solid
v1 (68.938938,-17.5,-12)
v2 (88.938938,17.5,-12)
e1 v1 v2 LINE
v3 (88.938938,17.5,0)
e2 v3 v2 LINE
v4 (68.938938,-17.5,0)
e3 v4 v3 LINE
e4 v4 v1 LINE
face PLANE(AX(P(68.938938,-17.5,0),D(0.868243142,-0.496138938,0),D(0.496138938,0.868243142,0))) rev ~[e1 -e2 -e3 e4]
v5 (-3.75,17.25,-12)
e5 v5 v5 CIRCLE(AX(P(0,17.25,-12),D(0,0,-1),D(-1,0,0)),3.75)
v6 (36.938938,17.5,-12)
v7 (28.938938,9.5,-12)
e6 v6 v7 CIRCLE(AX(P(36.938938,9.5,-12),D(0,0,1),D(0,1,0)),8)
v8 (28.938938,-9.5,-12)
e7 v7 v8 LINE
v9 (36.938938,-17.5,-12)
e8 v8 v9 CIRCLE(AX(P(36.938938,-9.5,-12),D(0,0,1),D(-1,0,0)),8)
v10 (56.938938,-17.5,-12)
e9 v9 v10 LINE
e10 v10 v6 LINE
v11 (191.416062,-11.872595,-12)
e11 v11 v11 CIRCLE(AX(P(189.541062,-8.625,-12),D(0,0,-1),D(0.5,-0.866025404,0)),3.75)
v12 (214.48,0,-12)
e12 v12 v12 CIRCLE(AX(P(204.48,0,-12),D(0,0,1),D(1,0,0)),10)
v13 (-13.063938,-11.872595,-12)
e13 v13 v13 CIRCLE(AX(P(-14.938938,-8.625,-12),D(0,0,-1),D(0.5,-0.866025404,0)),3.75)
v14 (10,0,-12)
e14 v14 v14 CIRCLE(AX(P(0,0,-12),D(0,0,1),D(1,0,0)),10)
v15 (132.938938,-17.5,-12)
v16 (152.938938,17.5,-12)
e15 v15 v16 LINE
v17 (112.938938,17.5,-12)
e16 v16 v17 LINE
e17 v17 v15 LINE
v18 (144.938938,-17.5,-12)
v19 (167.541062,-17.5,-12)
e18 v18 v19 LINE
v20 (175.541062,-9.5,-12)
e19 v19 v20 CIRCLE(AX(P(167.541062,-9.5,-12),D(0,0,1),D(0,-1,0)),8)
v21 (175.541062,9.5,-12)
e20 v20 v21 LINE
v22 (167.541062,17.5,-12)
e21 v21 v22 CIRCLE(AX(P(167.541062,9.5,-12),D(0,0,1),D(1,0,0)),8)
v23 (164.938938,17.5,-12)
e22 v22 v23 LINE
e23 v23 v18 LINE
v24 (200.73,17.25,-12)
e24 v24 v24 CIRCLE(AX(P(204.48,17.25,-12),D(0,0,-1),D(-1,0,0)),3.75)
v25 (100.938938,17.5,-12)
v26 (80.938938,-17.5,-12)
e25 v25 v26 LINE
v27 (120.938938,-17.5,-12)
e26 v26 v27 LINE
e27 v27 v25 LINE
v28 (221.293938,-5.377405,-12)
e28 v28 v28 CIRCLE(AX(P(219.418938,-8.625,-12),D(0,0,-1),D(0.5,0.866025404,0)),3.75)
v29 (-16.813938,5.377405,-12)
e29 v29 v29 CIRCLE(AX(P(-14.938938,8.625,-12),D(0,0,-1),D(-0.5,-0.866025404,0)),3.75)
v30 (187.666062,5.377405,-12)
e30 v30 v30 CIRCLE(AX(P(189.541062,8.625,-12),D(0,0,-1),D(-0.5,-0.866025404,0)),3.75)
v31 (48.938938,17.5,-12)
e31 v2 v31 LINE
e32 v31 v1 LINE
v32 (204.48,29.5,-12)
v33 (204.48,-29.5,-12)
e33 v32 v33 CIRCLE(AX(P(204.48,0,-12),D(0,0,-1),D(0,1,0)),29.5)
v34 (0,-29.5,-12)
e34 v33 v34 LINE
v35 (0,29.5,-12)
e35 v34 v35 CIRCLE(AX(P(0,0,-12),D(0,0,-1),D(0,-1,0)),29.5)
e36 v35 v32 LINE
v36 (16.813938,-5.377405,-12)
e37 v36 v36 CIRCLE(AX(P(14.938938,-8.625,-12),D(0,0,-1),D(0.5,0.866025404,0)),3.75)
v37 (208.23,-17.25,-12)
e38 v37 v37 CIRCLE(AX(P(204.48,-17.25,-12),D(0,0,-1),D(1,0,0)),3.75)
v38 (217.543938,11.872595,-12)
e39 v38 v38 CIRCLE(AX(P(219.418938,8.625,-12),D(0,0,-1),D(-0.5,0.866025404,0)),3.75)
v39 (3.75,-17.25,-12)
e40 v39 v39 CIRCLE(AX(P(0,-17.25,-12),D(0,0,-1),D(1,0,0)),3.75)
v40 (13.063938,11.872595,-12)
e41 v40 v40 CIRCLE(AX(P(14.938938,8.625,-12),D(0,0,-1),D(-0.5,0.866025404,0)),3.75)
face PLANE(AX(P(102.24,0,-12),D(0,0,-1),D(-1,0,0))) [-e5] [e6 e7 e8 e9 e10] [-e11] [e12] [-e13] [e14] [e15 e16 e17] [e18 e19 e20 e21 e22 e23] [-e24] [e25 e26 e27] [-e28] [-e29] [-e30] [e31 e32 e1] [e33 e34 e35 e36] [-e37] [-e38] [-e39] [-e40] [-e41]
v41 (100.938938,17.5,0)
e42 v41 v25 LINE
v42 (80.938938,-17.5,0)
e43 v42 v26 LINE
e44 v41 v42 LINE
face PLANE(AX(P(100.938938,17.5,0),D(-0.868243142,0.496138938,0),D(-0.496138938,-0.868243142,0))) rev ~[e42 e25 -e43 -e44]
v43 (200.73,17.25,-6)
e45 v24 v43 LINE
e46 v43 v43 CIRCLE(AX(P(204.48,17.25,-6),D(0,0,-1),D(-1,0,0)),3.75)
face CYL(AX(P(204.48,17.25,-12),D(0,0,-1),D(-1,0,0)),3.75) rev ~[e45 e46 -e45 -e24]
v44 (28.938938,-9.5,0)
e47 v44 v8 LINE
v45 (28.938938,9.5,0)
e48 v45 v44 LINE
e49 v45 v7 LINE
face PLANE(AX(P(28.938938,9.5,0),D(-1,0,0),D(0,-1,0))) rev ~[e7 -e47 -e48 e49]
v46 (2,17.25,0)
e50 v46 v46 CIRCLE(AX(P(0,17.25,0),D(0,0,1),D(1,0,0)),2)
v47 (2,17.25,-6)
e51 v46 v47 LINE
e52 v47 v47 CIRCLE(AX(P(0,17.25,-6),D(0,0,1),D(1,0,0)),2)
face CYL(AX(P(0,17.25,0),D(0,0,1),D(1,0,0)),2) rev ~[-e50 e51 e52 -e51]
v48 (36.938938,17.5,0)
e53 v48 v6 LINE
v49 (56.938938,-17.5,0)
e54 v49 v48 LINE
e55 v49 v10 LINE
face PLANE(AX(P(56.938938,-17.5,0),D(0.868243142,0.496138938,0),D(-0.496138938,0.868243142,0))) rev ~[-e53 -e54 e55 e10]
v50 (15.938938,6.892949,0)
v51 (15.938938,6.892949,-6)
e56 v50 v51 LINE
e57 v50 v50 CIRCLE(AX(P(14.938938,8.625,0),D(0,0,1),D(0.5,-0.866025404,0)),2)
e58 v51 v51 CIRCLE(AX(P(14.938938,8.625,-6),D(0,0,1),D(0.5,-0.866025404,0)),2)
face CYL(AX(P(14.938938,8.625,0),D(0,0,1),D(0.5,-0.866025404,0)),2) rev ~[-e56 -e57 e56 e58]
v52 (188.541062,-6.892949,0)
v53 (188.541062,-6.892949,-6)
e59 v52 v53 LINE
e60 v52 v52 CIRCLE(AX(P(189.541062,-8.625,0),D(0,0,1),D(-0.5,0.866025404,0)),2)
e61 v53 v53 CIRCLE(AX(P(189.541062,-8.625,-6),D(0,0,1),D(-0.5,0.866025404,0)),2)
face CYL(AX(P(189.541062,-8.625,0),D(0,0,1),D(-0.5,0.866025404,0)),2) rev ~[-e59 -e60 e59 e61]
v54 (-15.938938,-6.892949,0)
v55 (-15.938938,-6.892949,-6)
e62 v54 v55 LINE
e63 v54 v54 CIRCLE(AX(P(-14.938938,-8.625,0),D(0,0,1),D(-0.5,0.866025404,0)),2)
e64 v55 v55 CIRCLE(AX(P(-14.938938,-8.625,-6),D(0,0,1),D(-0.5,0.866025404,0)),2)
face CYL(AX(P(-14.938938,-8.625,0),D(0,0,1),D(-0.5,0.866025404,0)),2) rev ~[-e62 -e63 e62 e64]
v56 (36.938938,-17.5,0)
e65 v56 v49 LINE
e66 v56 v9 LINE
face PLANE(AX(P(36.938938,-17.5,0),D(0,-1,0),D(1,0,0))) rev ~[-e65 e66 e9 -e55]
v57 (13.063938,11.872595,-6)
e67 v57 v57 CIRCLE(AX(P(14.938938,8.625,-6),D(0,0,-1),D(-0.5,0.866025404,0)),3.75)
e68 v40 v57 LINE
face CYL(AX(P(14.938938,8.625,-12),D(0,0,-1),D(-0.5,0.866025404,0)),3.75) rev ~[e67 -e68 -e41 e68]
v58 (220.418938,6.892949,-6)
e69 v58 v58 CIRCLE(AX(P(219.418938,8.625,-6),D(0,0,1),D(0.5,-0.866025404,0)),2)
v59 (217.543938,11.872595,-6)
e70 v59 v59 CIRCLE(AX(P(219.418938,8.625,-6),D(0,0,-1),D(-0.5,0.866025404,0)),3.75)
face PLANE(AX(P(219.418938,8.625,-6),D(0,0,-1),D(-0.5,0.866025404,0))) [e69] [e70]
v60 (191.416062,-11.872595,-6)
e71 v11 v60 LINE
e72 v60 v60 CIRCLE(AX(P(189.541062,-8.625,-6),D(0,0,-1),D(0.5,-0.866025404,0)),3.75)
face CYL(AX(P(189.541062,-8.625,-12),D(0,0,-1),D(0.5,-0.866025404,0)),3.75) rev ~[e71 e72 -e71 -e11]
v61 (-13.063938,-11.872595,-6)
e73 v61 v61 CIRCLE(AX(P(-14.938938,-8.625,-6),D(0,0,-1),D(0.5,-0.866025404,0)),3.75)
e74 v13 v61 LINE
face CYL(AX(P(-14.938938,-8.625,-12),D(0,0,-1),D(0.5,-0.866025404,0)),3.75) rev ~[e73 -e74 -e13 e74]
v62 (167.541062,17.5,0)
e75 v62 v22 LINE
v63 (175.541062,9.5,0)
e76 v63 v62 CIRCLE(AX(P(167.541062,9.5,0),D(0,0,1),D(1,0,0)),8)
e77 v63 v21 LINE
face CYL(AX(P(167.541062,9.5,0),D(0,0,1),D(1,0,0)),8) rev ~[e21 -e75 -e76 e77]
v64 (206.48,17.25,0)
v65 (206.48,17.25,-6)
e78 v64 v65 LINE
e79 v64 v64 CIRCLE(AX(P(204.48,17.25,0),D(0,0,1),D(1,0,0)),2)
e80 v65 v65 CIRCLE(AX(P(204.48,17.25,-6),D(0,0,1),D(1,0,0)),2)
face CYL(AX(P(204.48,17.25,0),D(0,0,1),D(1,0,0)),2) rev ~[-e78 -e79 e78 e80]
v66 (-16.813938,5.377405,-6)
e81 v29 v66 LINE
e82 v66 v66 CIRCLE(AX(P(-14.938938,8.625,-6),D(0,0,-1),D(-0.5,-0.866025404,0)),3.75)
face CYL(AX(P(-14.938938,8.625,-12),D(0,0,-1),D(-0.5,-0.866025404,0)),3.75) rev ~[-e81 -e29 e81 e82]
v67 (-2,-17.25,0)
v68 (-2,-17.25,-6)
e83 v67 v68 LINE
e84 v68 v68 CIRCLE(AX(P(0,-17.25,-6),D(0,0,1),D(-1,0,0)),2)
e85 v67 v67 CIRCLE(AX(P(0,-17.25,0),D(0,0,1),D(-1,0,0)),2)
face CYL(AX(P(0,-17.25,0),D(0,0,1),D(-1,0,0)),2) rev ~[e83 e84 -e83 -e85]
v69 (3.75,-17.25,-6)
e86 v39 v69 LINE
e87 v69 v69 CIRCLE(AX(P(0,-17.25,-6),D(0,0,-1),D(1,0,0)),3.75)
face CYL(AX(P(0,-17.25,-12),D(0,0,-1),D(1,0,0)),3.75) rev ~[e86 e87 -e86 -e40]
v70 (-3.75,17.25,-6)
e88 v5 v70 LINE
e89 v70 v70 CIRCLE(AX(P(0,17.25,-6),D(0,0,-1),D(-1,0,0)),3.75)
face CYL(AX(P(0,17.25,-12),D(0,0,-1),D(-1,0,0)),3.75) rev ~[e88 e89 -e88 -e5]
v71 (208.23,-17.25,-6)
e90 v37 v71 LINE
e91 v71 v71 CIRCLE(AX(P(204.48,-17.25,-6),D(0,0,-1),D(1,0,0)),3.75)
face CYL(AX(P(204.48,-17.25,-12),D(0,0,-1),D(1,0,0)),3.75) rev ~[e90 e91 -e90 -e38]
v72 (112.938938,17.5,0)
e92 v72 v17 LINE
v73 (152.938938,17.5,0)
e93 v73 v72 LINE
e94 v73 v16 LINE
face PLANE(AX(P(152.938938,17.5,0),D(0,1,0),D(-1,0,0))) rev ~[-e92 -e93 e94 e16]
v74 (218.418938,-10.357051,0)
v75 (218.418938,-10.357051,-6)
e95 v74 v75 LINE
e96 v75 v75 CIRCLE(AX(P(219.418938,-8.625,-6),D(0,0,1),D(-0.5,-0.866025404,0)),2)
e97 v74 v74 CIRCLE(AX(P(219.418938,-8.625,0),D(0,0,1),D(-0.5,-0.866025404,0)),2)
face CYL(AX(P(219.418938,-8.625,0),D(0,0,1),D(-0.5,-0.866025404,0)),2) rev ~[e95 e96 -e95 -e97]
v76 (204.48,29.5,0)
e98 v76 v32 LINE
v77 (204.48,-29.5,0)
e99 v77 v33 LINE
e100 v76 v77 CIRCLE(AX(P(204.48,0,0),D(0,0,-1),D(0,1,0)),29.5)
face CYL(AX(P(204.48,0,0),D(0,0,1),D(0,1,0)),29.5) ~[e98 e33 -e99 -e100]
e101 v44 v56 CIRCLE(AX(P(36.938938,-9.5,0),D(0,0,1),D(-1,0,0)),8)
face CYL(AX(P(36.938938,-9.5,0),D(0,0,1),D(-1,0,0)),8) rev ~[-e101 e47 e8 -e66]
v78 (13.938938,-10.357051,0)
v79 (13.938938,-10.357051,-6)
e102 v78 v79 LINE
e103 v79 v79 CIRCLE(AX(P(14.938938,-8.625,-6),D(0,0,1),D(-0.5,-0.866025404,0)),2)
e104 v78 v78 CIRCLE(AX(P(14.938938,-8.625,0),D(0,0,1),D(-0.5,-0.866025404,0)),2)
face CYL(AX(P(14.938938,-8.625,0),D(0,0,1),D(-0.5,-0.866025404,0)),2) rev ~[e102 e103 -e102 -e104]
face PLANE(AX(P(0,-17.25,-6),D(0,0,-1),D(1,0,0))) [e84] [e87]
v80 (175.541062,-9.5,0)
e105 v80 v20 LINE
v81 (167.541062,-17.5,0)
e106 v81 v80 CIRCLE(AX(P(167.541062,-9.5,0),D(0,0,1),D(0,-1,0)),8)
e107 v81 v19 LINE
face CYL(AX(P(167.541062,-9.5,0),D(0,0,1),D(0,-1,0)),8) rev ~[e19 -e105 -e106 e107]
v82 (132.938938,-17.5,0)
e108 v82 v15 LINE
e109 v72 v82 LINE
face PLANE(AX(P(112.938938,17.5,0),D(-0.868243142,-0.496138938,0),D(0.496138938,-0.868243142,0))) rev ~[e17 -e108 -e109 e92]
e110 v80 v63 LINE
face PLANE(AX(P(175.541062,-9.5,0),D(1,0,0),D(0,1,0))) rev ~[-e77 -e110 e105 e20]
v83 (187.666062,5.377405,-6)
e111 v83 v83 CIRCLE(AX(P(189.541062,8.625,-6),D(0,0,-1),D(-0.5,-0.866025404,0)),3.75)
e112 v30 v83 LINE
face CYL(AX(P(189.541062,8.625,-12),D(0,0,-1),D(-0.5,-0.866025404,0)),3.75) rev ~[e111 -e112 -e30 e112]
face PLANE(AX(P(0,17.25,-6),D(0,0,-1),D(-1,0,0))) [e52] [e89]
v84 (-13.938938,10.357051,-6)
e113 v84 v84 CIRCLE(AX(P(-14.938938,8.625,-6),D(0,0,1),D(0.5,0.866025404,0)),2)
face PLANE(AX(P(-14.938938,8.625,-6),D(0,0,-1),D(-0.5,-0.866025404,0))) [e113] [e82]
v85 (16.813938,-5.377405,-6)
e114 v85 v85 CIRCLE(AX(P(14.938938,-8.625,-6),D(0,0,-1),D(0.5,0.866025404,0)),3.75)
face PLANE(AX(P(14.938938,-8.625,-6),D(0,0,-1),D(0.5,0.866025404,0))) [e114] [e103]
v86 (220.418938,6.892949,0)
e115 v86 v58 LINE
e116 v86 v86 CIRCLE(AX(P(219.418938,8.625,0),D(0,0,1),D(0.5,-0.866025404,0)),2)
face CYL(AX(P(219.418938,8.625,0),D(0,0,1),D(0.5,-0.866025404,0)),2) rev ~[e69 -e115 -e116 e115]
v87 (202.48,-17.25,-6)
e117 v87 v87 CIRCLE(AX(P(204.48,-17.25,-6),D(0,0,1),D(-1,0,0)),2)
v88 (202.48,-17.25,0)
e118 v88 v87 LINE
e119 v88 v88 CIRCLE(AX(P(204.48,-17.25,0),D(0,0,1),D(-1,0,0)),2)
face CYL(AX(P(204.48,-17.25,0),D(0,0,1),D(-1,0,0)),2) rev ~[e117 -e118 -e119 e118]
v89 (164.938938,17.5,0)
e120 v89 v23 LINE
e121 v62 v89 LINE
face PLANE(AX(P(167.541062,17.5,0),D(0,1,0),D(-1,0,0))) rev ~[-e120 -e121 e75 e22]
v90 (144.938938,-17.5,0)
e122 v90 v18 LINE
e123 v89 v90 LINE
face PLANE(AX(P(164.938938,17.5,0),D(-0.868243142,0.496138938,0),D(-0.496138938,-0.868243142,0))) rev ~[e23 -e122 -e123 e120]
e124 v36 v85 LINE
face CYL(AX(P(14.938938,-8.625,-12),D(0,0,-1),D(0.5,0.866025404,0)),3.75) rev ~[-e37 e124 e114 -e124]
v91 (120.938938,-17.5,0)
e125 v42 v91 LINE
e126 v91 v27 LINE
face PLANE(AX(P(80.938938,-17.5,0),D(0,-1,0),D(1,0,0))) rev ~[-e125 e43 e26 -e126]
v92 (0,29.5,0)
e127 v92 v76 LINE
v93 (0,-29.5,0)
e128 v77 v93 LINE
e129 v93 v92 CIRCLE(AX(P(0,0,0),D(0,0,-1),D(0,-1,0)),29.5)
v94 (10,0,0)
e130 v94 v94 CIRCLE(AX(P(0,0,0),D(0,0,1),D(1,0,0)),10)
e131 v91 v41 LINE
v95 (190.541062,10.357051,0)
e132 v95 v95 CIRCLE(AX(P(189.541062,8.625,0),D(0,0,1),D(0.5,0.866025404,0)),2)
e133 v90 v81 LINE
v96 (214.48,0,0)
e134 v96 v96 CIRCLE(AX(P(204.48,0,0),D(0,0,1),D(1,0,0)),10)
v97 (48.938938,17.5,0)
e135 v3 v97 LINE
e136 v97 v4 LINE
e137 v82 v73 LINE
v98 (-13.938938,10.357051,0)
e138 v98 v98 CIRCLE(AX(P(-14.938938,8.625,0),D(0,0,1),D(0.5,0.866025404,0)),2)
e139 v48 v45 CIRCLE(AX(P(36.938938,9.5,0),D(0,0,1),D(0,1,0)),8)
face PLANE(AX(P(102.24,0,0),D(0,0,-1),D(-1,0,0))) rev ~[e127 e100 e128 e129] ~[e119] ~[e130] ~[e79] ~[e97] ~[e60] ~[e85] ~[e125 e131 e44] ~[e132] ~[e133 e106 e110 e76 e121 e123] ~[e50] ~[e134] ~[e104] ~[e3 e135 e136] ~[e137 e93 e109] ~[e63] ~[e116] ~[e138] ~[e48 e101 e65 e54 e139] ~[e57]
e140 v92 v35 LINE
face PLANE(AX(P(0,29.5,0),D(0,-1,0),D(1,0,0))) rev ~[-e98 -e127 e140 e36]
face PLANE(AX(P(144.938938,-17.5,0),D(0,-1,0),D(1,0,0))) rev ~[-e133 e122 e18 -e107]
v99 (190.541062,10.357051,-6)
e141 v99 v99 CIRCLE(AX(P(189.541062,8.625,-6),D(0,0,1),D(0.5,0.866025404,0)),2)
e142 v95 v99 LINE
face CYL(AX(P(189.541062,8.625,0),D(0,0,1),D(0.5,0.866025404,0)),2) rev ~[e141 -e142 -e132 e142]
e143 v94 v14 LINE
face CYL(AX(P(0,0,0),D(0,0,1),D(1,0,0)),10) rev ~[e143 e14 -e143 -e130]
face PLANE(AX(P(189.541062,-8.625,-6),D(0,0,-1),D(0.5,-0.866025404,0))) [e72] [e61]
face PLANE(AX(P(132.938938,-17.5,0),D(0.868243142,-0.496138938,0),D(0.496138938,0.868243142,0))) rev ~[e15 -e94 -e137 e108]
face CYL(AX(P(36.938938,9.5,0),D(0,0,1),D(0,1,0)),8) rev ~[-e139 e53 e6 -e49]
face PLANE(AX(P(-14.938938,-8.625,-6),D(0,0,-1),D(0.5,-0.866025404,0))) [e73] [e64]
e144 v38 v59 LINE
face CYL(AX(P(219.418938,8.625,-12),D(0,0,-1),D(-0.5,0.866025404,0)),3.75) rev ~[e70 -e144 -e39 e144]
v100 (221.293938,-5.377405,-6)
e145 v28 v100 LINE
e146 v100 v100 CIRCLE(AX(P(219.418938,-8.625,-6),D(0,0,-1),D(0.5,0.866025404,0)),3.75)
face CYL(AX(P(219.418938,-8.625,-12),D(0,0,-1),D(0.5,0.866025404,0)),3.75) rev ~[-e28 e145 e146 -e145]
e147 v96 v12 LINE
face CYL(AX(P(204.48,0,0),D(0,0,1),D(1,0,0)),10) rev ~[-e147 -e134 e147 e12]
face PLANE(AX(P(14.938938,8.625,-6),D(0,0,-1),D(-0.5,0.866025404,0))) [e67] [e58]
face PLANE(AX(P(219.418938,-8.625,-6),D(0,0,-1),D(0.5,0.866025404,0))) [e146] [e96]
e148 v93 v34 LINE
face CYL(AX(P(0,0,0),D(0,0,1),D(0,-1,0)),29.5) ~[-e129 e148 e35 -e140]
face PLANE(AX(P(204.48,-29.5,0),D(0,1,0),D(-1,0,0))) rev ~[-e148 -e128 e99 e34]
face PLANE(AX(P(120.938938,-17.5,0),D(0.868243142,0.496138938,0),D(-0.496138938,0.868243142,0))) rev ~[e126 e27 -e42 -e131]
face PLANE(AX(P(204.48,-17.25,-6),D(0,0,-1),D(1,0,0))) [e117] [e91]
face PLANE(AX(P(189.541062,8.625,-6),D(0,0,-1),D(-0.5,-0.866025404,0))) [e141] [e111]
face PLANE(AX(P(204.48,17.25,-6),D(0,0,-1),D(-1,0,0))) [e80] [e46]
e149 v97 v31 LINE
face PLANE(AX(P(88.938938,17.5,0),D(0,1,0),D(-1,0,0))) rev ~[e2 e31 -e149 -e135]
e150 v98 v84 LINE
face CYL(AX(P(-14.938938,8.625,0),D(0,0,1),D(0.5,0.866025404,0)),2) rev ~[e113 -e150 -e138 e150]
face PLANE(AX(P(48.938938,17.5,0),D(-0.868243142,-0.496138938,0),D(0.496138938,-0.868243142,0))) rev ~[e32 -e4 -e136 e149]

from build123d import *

# Parameters (mm, degrees)
BOSS_EXTRUDE2_DEPTH = 12
SKETCH2_R           = 2
CUT_EXTRUDE1_DEPTH  = 12
CIRPATTERN1_COUNT   = 6
SKETCH4_R           = 2
CUT_EXTRUDE2_DEPTH  = 12
CIRPATTERN2_COUNT   = 6
CUT_EXTRUDE4_DEPTH  = 12
SKETCH8_R           = 10
CUT_EXTRUDE5_DEPTH  = 12
SKETCH9_R           = 10
CUT_EXTRUDE6_DEPTH  = 12
SKETCH10_R          = 3.75
CUT_EXTRUDE7_DEPTH  = 6
CIRPATTERN3_COUNT   = 6
SKETCH11_R          = 3.75
CUT_EXTRUDE8_DEPTH  = 6
CIRPATTERN4_COUNT   = 6


with BuildPart() as part:
    # Sketch1 → Boss-Extrude2 (new body)
    with BuildSketch(Plane.XY):
        with BuildLine():
            Line((0, 29.5), (204.48, 29.5))
            ThreePointArc((204.48, 29.5), (233.98, 0), (204.48, -29.5))
            Line((204.48, -29.5), (0, -29.5))
            ThreePointArc((0, -29.5), (-29.5, 0), (0, 29.5))
        make_face()
    extrude(amount=-BOSS_EXTRUDE2_DEPTH)

    # Sketch2 → Cut-Extrude1 (cut)
    with BuildSketch(Plane.XY):
        with Locations((0, 17.25)):
            Circle(SKETCH2_R)
    cut_extrude1 = extrude(amount=-CUT_EXTRUDE1_DEPTH, mode=Mode.SUBTRACT)

    # CirPattern1: Cut-Extrude1 ×6 about axis
    cirpattern1_axis = Axis((0, 0, 0), (0, 0, 1))
    for i in range(1, CIRPATTERN1_COUNT):
        add(cut_extrude1.rotate(cirpattern1_axis, i * 360 / CIRPATTERN1_COUNT), mode=Mode.SUBTRACT)

    # Sketch4 → Cut-Extrude2 (cut)
    with BuildSketch(Plane.XY):
        with Locations((204.48, 17.25)):
            Circle(SKETCH4_R)
    cut_extrude2 = extrude(amount=-CUT_EXTRUDE2_DEPTH, mode=Mode.SUBTRACT)

    # CirPattern2: Cut-Extrude2 ×6 about axis
    cirpattern2_axis = Axis((204.48, 0, 0), (0, 0, 1))
    for i in range(1, CIRPATTERN2_COUNT):
        add(cut_extrude2.rotate(cirpattern2_axis, i * 360 / CIRPATTERN2_COUNT), mode=Mode.SUBTRACT)

    # Sketch7 → Cut-Extrude4 (cut)
    with BuildSketch(Plane.XY):
        with BuildLine():
            Line((56.938938215, -17.5), (36.938938215, 17.5))
            ThreePointArc((36.938938215, 17.5), (31.282083966, 15.156854249), (28.938938215, 9.5))
            Line((28.938938215, 9.5), (28.938938215, -9.5))
            ThreePointArc((28.938938215, -9.5), (31.282083966, -15.156854249), (36.938938215, -17.5))
            Line((36.938938215, -17.5), (56.938938215, -17.5))
        make_face()
        Polygon((88.938938215, 17.5), (48.938938215, 17.5), (68.938938215, -17.5), align=None)
        Polygon((120.938938215, -17.5), (100.938938215, 17.5), (80.938938215, -17.5), align=None)
        Polygon((152.938938215, 17.5), (112.938938215, 17.5), (132.938938215, -17.5), align=None)
        with BuildLine():
            Line((167.541061785, 17.5), (164.938938215, 17.5))
            Line((164.938938215, 17.5), (144.938938215, -17.5))
            Line((144.938938215, -17.5), (167.541061785, -17.5))
            ThreePointArc((167.541061785, -17.5), (173.197916034, -15.156854249), (175.541061785, -9.5))
            Line((175.541061785, -9.5), (175.541061785, 9.5))
            ThreePointArc((175.541061785, 9.5), (173.197916034, 15.156854249), (167.541061785, 17.5))
        make_face()
    extrude(amount=-CUT_EXTRUDE4_DEPTH, mode=Mode.SUBTRACT)

    # Sketch8 → Cut-Extrude5 (cut)
    with BuildSketch(Plane.XY):
        Circle(SKETCH8_R)
    extrude(amount=-CUT_EXTRUDE5_DEPTH, mode=Mode.SUBTRACT)

    # Sketch9 → Cut-Extrude6 (cut)
    with BuildSketch(Plane.XY):
        with Locations((204.48, 0)):
            Circle(SKETCH9_R)
    extrude(amount=-CUT_EXTRUDE6_DEPTH, mode=Mode.SUBTRACT)

    # Sketch10 → Cut-Extrude7 (cut)
    with BuildSketch(Plane(origin=(0, 0, -12), x_dir=(-1, 0, 0), z_dir=(0, 0, -1))):
        with Locations((-204.48, 17.25)):
            Circle(SKETCH10_R)
    cut_extrude7 = extrude(amount=-CUT_EXTRUDE7_DEPTH, mode=Mode.SUBTRACT)

    # CirPattern3: Cut-Extrude7 ×6 about axis
    cirpattern3_axis = Axis((204.48, 0, 0), (0, 0, 1))
    for i in range(1, CIRPATTERN3_COUNT):
        add(cut_extrude7.rotate(cirpattern3_axis, i * 360 / CIRPATTERN3_COUNT), mode=Mode.SUBTRACT)

    # Sketch11 → Cut-Extrude8 (cut)
    with BuildSketch(Plane(origin=(0, 0, -12), x_dir=(-1, 0, 0), z_dir=(0, 0, -1))):
        with Locations((0, 17.25)):
            Circle(SKETCH11_R)
    cut_extrude8 = extrude(amount=-CUT_EXTRUDE8_DEPTH, mode=Mode.SUBTRACT)

    # CirPattern4: Cut-Extrude8 ×6 about axis
    cirpattern4_axis = Axis((0, 0, 0), (0, 0, 1))
    for i in range(1, CIRPATTERN4_COUNT):
        add(cut_extrude8.rotate(cirpattern4_axis, i * 360 / CIRPATTERN4_COUNT), mode=Mode.SUBTRACT)


solid = part.part
